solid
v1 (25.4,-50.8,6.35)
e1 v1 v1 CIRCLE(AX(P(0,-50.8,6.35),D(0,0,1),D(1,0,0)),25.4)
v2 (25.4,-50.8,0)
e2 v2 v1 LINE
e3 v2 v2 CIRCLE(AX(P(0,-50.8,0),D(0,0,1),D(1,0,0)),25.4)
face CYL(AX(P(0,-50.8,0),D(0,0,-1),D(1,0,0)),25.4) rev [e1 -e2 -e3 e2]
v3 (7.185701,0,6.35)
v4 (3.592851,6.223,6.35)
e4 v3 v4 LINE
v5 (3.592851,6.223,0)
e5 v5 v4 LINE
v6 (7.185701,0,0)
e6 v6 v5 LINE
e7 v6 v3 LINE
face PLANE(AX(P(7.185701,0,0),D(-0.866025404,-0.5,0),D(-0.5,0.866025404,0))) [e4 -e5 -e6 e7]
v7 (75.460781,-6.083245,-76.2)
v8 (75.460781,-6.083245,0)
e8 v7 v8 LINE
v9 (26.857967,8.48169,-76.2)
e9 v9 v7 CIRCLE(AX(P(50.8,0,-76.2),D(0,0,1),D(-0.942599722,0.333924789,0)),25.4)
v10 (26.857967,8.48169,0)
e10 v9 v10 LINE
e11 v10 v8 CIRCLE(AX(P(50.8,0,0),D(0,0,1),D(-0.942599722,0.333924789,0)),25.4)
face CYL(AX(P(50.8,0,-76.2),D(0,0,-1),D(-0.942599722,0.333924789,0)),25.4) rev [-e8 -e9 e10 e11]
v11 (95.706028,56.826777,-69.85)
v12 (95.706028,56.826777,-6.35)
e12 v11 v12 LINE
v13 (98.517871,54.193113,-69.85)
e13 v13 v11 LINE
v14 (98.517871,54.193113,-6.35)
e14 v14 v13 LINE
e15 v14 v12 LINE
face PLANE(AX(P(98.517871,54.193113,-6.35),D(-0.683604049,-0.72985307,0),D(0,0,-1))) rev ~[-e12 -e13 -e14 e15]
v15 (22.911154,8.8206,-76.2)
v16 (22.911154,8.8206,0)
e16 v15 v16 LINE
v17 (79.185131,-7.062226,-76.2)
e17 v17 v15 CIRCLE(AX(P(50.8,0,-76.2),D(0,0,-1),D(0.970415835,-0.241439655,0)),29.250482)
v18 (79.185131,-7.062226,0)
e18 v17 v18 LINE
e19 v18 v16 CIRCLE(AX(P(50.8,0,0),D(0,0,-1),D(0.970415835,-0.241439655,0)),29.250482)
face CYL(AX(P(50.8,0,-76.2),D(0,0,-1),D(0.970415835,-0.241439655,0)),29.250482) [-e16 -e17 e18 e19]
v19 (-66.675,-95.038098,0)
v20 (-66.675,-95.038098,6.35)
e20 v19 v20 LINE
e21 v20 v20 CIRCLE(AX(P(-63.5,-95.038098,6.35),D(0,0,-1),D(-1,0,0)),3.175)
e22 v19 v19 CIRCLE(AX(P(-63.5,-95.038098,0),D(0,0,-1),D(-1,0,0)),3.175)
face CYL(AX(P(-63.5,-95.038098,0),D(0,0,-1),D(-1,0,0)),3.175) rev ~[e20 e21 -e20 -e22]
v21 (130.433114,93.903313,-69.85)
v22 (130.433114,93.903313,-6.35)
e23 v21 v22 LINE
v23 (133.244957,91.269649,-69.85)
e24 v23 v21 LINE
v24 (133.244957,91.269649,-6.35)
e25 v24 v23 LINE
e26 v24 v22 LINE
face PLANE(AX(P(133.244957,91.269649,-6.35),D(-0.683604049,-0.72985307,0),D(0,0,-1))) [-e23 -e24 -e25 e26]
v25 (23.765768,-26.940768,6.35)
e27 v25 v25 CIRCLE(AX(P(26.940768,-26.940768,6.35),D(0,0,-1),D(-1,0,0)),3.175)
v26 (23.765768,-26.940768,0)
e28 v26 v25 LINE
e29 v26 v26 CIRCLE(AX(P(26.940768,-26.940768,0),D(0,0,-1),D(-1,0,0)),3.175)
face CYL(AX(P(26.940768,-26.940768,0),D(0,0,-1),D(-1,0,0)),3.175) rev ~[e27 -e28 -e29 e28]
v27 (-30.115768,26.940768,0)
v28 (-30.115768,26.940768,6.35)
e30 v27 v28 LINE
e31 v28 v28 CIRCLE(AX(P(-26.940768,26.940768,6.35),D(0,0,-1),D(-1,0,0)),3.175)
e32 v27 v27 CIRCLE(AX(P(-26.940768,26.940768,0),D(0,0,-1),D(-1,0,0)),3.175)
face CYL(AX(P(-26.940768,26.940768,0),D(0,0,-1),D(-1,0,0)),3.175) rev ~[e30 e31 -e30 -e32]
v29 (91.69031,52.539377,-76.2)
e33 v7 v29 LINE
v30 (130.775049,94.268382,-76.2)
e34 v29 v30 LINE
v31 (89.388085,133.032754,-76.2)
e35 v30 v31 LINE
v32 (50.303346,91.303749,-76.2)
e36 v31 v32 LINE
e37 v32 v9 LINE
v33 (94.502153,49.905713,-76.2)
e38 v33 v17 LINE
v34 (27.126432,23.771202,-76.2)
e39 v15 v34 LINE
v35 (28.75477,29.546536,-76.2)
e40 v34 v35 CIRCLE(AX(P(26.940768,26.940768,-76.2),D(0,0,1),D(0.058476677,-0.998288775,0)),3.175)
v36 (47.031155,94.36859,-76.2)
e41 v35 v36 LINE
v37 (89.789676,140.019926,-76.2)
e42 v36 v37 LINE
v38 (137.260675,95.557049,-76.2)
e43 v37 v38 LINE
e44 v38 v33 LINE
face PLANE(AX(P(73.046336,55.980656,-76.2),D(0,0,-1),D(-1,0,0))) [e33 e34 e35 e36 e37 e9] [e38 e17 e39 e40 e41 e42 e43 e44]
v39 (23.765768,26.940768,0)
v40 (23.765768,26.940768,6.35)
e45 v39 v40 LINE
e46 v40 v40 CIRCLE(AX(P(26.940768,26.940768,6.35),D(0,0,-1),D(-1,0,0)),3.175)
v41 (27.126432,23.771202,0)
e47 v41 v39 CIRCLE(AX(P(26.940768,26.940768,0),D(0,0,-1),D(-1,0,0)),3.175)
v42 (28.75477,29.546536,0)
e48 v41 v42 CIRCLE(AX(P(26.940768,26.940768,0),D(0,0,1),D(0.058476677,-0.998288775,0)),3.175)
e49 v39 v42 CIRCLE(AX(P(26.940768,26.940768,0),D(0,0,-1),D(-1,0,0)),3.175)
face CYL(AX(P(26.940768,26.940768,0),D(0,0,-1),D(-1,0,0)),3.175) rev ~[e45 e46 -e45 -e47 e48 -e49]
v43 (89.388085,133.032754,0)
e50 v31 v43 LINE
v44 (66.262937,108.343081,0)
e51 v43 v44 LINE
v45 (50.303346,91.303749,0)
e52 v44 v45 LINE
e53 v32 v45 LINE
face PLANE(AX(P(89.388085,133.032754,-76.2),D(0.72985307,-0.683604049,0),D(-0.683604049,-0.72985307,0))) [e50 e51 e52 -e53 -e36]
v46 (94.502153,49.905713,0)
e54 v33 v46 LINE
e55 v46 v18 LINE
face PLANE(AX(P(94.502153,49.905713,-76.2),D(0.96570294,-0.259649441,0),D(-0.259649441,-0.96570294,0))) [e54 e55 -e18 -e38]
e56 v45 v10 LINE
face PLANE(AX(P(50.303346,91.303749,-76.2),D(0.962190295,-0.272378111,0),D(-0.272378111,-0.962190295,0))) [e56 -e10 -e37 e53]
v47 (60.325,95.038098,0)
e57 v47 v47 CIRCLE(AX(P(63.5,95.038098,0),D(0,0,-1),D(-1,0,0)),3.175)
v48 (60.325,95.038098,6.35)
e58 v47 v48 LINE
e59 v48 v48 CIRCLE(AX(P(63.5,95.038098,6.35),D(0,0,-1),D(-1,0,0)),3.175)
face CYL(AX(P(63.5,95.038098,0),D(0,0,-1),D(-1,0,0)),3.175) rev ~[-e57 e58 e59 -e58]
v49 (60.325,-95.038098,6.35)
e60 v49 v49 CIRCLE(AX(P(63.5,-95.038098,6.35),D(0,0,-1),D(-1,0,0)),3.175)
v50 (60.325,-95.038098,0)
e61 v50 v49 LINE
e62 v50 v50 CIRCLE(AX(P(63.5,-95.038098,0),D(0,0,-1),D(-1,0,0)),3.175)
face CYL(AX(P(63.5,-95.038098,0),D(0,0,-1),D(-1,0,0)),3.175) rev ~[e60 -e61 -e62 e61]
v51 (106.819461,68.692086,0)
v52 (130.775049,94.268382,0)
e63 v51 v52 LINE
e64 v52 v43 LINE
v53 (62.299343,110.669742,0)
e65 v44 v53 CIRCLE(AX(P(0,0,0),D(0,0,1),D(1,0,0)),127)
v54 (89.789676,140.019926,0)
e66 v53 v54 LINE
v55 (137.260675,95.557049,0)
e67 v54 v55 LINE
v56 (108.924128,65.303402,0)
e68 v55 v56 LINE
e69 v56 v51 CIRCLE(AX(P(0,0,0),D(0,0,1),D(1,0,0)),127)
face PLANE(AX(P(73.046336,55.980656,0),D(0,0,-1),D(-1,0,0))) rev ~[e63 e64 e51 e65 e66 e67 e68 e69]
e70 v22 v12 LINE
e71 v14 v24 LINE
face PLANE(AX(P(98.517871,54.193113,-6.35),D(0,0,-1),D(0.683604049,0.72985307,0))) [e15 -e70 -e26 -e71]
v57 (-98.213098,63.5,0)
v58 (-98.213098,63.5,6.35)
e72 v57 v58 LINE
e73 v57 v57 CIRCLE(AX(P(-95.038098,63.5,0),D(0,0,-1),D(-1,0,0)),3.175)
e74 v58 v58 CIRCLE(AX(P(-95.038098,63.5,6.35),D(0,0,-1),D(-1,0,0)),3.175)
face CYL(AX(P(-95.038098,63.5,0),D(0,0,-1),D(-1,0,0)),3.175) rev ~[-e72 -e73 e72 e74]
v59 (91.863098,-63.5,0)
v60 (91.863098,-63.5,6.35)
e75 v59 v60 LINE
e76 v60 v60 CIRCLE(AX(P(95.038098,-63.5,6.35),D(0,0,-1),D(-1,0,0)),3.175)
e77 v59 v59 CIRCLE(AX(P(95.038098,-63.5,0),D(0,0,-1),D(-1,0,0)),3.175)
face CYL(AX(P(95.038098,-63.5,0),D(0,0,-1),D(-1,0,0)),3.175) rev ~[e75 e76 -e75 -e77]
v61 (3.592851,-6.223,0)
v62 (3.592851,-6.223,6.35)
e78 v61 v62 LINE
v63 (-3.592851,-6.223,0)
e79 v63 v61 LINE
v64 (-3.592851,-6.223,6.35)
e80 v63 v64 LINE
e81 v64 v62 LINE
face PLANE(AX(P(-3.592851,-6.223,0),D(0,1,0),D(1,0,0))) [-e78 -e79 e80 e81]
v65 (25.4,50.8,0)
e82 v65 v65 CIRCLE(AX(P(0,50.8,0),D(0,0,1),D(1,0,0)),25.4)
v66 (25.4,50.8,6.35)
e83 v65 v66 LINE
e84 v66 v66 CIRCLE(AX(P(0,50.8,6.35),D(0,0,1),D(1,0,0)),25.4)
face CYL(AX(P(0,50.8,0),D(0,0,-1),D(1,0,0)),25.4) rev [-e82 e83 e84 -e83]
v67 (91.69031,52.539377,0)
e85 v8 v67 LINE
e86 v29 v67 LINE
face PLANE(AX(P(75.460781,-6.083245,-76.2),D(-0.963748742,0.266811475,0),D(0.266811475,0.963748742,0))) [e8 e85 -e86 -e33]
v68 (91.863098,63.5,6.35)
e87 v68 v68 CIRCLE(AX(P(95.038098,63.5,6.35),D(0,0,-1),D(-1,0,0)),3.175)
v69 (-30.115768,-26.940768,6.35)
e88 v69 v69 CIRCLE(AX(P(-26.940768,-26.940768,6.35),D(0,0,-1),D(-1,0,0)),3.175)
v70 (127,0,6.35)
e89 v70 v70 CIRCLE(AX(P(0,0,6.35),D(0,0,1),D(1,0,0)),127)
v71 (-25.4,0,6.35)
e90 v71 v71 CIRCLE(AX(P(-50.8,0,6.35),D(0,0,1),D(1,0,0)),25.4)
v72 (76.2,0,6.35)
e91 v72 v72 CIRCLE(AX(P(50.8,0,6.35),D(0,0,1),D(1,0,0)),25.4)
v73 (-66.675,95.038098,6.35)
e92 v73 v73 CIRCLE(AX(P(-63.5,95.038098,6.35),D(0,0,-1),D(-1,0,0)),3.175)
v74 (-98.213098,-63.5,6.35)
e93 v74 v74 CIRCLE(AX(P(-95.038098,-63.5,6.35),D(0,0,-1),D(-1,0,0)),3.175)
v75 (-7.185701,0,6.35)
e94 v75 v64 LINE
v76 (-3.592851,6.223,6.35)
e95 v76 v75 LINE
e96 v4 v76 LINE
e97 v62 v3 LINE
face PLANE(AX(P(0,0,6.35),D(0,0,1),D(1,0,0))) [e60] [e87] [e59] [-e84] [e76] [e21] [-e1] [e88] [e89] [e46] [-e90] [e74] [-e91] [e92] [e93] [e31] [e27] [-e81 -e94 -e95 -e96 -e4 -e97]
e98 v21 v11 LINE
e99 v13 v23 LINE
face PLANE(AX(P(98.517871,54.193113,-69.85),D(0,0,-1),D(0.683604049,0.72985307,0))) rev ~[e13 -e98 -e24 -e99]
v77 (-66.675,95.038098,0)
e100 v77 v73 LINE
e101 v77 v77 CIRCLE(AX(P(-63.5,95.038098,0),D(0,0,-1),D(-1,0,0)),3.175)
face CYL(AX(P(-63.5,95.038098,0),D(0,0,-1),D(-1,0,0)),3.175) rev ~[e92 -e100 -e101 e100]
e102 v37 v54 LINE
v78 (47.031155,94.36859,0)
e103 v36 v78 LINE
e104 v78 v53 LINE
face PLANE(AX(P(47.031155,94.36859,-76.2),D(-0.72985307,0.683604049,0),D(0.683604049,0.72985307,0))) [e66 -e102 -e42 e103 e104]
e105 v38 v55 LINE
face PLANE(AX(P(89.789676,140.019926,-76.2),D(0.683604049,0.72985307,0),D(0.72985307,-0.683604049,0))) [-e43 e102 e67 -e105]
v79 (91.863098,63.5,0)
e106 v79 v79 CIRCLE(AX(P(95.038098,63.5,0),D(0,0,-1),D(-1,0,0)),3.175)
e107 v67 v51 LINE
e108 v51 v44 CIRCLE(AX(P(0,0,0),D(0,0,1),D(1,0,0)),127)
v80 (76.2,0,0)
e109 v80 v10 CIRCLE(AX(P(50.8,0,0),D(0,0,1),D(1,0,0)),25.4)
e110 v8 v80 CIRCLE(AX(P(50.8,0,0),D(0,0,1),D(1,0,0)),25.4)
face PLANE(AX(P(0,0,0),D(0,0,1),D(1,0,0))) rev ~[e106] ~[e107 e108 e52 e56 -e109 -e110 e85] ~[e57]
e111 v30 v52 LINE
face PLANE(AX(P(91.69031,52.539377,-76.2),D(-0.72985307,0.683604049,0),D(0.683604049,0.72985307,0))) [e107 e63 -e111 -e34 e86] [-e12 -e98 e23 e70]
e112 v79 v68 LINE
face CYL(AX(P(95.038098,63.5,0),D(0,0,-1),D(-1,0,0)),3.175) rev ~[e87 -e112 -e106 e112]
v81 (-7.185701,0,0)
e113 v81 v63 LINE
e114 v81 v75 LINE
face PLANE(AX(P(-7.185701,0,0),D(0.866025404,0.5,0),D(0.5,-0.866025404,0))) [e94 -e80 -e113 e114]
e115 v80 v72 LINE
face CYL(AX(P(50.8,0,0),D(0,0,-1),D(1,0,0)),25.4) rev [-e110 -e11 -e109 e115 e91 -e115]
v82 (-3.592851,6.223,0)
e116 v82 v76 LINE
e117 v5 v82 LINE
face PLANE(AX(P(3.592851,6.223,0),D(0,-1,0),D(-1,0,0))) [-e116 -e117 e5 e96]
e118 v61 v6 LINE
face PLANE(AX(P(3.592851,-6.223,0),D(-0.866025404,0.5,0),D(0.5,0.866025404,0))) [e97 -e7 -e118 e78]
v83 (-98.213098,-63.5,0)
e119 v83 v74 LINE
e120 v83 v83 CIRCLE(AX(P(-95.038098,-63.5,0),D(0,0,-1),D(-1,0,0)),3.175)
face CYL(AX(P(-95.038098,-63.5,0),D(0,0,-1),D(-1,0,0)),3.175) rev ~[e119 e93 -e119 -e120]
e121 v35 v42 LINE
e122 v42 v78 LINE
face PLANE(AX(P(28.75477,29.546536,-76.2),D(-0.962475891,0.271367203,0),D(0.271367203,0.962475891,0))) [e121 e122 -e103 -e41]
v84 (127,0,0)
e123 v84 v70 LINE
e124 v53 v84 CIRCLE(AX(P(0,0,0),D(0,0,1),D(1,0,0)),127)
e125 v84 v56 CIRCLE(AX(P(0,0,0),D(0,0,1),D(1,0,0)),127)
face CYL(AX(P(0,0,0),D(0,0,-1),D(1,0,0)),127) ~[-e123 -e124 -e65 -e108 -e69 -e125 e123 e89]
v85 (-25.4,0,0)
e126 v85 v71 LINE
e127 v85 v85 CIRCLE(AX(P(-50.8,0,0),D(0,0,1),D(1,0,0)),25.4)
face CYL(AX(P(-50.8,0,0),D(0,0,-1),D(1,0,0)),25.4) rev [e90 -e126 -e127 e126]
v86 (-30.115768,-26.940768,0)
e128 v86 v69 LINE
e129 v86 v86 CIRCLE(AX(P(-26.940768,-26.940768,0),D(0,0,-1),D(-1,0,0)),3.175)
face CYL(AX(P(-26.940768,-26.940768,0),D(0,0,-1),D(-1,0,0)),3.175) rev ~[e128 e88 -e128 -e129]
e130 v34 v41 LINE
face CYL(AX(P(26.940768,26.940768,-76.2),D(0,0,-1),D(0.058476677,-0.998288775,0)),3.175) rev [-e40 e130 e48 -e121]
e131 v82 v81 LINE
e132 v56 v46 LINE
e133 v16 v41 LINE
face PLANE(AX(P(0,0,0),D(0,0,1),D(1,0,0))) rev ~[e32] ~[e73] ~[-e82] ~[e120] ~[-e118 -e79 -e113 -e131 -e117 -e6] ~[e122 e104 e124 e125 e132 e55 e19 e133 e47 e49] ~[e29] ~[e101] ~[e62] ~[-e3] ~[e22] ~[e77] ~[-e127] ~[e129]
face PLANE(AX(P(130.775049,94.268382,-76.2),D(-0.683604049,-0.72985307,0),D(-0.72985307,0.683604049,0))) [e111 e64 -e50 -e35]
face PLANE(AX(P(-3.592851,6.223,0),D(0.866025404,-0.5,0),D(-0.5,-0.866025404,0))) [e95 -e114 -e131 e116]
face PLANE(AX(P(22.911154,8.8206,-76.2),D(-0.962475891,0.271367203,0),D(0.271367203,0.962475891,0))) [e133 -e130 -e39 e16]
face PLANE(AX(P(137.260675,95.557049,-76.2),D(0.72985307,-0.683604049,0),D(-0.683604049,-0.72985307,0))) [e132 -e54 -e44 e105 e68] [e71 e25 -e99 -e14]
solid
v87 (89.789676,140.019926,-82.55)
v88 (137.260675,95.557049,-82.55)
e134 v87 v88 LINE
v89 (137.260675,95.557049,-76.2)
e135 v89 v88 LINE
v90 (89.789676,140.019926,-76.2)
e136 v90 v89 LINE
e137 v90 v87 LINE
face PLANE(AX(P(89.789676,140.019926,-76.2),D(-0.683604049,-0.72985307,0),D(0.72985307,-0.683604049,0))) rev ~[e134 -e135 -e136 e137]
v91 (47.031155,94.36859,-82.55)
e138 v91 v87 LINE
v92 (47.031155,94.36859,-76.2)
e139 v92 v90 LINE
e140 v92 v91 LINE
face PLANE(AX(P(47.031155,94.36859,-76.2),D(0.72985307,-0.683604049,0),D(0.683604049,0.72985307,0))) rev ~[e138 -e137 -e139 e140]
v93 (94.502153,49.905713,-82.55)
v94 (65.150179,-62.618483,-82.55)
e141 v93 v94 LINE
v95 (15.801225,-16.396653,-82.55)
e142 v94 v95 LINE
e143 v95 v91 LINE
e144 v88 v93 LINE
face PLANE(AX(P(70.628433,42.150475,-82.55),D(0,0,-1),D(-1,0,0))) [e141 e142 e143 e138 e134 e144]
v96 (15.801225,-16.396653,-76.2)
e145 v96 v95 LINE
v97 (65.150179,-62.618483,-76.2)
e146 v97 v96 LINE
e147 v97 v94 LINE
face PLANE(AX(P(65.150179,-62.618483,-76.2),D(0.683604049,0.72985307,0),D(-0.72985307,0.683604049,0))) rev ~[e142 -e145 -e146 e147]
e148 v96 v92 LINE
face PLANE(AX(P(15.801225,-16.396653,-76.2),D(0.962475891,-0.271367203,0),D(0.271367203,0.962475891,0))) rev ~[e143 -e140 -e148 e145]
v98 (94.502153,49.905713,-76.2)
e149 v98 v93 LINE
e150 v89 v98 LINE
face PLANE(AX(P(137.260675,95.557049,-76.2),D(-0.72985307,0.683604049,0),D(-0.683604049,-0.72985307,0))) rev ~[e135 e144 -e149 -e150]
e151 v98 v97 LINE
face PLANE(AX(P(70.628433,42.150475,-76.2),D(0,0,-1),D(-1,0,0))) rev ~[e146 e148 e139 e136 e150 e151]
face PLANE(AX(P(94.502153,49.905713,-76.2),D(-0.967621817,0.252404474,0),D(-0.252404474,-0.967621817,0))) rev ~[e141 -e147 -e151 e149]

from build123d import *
from build123d.topology import SkipClean

# Parameters (mm, degrees)
SKETCH1_R           = 127
SKETCH1_R_2         = 25.4
BOSS_EXTRUDE1_DEPTH = 6.35
SKETCH3_R           = 3.175
CUT_EXTRUDE1_DEPTH  = 6.35
BOSS_EXTRUDE3_START = 76.2
BOSS_EXTRUDE3_DEPTH = 76.2
SKETCH8_W           = 63.5
SKETCH8_H           = 50.8
CUT_EXTRUDE2_DEPTH  = 6.35
BOSS_EXTRUDE4_DEPTH = 6.35


with BuildPart() as part:
    # Sketch1 → Boss-Extrude1 (new body)
    with BuildSketch(Plane.XY):
        Circle(SKETCH1_R)
        with Locations((0, 50.8)):
            Circle(SKETCH1_R_2, mode=Mode.SUBTRACT)
        with Locations((50.8, 0)):
            Circle(SKETCH1_R_2, mode=Mode.SUBTRACT)
        with Locations((0, -50.8)):
            Circle(SKETCH1_R_2, mode=Mode.SUBTRACT)
        with Locations((-50.8, 0)):
            Circle(SKETCH1_R_2, mode=Mode.SUBTRACT)
        Polygon((7.18570145, 0), (3.592850725, 6.223), (-3.592850725, 6.223), (-7.18570145, 0), (-3.592850725, -6.223), (3.592850725, -6.223), align=None, mode=Mode.SUBTRACT)
    extrude(amount=BOSS_EXTRUDE1_DEPTH)

    # Sketch3 → Cut-Extrude1 (cut)
    with BuildSketch(Plane(origin=(0, 0, 0), x_dir=(-1, 0, 0), z_dir=(0, 0, -1))):
        with Locations((-26.940768363, 26.940768363)):
            Circle(SKETCH3_R)
        with Locations((26.940768363, 26.940768363)):
            Circle(SKETCH3_R)
        with Locations((26.940768363, -26.940768363)):
            Circle(SKETCH3_R)
        with Locations((-26.940768363, -26.940768363)):
            Circle(SKETCH3_R)
        with Locations((-63.5, 95.038097624)):
            Circle(SKETCH3_R)
        with Locations((63.5, 95.038097624)):
            Circle(SKETCH3_R)
        with Locations((95.038097624, 63.5)):
            Circle(SKETCH3_R)
        with Locations((95.038097624, -63.5)):
            Circle(SKETCH3_R)
        with Locations((63.5, -95.038097624)):
            Circle(SKETCH3_R)
        with Locations((-63.5, -95.038097624)):
            Circle(SKETCH3_R)
        with Locations((-95.038097624, -63.5)):
            Circle(SKETCH3_R)
        with Locations((-95.038097624, 63.5)):
            Circle(SKETCH3_R)
    extrude(amount=-CUT_EXTRUDE1_DEPTH, mode=Mode.SUBTRACT)

    # Sketch4 → Boss-Extrude3 (add)
    with SkipClean():  # the faces are left unmerged after this step: merging them gives an invalid solid
        with BuildSketch(Plane(origin=(0, 0, 0), x_dir=(-1, 0, 0), z_dir=(0, 0, -1)).offset(BOSS_EXTRUDE3_START)):
            with BuildLine():
                ThreePointArc((-79.185130885, -7.062226276), (-42.854710858, -28.150720697), (-22.911154448, 8.82060027))
                Line((-22.911154448, 8.82060027), (-27.126431814, 23.771201503))
                ThreePointArc((-27.126431814, 23.771201503), (-29.996629318, 26.079177494), (-28.75477002, 29.546535619))
                Line((-28.75477002, 29.546535619), (-47.031154579, 94.368589733))
                Line((-47.031154579, 94.368589733), (-89.78967593, 140.019925662))
                Line((-89.78967593, 140.019925662), (-137.260674726, 95.557049073))
                Line((-137.260674726, 95.557049073), (-94.502153375, 49.905713144))
                Line((-94.502153375, 49.905713144), (-79.185130885, -7.062226276))
            make_face()
            with BuildLine():
                Line((-91.690310224, 52.539376605), (-130.775049183, 94.268381527))
                Line((-130.775049183, 94.268381527), (-89.388084982, 133.032754057))
                Line((-89.388084982, 133.032754057), (-50.303346023, 91.303749135))
                Line((-50.303346023, 91.303749135), (-26.857967073, 8.48168965))
                ThreePointArc((-26.857967073, 8.48168965), (-43.508670742, -24.330978559), (-75.460781141, -6.083245311))
                Line((-75.460781141, -6.083245311), (-91.690310224, 52.539376605))
            make_face(mode=Mode.SUBTRACT)
        extrude(amount=-BOSS_EXTRUDE3_DEPTH)

    # Sketch8 → Cut-Extrude2 (cut)
    with SkipClean():  # the faces are left unmerged after this step: merging them gives an invalid solid
        with BuildSketch(Plane(origin=(25.440444099, -23.82834478, 0), x_dir=(0, 0, -1), z_dir=(0.729853070223302, -0.683604049055899, 0))):
            with Locations((38.1, 132.300225659)):
                Rectangle(SKETCH8_W, SKETCH8_H)
        extrude(amount=-CUT_EXTRUDE2_DEPTH, mode=Mode.SUBTRACT)


with BuildPart() as body_2:
    # Sketch6 → Boss-Extrude4 (new body)
    with BuildSketch(Plane(origin=(0, 0, -76.2), x_dir=(-1, 0, 0), z_dir=(0, 0, -1))):
        Polygon((-15.801225201, -16.396653006), (-47.031154579, 94.368589733), (-89.78967593, 140.019925662), (-137.260674726, 95.557049073), (-94.502153375, 49.905713144), (-65.150179146, -62.618483276), align=None)
    extrude(amount=BOSS_EXTRUDE4_DEPTH)


solid = Compound([part.part, body_2.part])
